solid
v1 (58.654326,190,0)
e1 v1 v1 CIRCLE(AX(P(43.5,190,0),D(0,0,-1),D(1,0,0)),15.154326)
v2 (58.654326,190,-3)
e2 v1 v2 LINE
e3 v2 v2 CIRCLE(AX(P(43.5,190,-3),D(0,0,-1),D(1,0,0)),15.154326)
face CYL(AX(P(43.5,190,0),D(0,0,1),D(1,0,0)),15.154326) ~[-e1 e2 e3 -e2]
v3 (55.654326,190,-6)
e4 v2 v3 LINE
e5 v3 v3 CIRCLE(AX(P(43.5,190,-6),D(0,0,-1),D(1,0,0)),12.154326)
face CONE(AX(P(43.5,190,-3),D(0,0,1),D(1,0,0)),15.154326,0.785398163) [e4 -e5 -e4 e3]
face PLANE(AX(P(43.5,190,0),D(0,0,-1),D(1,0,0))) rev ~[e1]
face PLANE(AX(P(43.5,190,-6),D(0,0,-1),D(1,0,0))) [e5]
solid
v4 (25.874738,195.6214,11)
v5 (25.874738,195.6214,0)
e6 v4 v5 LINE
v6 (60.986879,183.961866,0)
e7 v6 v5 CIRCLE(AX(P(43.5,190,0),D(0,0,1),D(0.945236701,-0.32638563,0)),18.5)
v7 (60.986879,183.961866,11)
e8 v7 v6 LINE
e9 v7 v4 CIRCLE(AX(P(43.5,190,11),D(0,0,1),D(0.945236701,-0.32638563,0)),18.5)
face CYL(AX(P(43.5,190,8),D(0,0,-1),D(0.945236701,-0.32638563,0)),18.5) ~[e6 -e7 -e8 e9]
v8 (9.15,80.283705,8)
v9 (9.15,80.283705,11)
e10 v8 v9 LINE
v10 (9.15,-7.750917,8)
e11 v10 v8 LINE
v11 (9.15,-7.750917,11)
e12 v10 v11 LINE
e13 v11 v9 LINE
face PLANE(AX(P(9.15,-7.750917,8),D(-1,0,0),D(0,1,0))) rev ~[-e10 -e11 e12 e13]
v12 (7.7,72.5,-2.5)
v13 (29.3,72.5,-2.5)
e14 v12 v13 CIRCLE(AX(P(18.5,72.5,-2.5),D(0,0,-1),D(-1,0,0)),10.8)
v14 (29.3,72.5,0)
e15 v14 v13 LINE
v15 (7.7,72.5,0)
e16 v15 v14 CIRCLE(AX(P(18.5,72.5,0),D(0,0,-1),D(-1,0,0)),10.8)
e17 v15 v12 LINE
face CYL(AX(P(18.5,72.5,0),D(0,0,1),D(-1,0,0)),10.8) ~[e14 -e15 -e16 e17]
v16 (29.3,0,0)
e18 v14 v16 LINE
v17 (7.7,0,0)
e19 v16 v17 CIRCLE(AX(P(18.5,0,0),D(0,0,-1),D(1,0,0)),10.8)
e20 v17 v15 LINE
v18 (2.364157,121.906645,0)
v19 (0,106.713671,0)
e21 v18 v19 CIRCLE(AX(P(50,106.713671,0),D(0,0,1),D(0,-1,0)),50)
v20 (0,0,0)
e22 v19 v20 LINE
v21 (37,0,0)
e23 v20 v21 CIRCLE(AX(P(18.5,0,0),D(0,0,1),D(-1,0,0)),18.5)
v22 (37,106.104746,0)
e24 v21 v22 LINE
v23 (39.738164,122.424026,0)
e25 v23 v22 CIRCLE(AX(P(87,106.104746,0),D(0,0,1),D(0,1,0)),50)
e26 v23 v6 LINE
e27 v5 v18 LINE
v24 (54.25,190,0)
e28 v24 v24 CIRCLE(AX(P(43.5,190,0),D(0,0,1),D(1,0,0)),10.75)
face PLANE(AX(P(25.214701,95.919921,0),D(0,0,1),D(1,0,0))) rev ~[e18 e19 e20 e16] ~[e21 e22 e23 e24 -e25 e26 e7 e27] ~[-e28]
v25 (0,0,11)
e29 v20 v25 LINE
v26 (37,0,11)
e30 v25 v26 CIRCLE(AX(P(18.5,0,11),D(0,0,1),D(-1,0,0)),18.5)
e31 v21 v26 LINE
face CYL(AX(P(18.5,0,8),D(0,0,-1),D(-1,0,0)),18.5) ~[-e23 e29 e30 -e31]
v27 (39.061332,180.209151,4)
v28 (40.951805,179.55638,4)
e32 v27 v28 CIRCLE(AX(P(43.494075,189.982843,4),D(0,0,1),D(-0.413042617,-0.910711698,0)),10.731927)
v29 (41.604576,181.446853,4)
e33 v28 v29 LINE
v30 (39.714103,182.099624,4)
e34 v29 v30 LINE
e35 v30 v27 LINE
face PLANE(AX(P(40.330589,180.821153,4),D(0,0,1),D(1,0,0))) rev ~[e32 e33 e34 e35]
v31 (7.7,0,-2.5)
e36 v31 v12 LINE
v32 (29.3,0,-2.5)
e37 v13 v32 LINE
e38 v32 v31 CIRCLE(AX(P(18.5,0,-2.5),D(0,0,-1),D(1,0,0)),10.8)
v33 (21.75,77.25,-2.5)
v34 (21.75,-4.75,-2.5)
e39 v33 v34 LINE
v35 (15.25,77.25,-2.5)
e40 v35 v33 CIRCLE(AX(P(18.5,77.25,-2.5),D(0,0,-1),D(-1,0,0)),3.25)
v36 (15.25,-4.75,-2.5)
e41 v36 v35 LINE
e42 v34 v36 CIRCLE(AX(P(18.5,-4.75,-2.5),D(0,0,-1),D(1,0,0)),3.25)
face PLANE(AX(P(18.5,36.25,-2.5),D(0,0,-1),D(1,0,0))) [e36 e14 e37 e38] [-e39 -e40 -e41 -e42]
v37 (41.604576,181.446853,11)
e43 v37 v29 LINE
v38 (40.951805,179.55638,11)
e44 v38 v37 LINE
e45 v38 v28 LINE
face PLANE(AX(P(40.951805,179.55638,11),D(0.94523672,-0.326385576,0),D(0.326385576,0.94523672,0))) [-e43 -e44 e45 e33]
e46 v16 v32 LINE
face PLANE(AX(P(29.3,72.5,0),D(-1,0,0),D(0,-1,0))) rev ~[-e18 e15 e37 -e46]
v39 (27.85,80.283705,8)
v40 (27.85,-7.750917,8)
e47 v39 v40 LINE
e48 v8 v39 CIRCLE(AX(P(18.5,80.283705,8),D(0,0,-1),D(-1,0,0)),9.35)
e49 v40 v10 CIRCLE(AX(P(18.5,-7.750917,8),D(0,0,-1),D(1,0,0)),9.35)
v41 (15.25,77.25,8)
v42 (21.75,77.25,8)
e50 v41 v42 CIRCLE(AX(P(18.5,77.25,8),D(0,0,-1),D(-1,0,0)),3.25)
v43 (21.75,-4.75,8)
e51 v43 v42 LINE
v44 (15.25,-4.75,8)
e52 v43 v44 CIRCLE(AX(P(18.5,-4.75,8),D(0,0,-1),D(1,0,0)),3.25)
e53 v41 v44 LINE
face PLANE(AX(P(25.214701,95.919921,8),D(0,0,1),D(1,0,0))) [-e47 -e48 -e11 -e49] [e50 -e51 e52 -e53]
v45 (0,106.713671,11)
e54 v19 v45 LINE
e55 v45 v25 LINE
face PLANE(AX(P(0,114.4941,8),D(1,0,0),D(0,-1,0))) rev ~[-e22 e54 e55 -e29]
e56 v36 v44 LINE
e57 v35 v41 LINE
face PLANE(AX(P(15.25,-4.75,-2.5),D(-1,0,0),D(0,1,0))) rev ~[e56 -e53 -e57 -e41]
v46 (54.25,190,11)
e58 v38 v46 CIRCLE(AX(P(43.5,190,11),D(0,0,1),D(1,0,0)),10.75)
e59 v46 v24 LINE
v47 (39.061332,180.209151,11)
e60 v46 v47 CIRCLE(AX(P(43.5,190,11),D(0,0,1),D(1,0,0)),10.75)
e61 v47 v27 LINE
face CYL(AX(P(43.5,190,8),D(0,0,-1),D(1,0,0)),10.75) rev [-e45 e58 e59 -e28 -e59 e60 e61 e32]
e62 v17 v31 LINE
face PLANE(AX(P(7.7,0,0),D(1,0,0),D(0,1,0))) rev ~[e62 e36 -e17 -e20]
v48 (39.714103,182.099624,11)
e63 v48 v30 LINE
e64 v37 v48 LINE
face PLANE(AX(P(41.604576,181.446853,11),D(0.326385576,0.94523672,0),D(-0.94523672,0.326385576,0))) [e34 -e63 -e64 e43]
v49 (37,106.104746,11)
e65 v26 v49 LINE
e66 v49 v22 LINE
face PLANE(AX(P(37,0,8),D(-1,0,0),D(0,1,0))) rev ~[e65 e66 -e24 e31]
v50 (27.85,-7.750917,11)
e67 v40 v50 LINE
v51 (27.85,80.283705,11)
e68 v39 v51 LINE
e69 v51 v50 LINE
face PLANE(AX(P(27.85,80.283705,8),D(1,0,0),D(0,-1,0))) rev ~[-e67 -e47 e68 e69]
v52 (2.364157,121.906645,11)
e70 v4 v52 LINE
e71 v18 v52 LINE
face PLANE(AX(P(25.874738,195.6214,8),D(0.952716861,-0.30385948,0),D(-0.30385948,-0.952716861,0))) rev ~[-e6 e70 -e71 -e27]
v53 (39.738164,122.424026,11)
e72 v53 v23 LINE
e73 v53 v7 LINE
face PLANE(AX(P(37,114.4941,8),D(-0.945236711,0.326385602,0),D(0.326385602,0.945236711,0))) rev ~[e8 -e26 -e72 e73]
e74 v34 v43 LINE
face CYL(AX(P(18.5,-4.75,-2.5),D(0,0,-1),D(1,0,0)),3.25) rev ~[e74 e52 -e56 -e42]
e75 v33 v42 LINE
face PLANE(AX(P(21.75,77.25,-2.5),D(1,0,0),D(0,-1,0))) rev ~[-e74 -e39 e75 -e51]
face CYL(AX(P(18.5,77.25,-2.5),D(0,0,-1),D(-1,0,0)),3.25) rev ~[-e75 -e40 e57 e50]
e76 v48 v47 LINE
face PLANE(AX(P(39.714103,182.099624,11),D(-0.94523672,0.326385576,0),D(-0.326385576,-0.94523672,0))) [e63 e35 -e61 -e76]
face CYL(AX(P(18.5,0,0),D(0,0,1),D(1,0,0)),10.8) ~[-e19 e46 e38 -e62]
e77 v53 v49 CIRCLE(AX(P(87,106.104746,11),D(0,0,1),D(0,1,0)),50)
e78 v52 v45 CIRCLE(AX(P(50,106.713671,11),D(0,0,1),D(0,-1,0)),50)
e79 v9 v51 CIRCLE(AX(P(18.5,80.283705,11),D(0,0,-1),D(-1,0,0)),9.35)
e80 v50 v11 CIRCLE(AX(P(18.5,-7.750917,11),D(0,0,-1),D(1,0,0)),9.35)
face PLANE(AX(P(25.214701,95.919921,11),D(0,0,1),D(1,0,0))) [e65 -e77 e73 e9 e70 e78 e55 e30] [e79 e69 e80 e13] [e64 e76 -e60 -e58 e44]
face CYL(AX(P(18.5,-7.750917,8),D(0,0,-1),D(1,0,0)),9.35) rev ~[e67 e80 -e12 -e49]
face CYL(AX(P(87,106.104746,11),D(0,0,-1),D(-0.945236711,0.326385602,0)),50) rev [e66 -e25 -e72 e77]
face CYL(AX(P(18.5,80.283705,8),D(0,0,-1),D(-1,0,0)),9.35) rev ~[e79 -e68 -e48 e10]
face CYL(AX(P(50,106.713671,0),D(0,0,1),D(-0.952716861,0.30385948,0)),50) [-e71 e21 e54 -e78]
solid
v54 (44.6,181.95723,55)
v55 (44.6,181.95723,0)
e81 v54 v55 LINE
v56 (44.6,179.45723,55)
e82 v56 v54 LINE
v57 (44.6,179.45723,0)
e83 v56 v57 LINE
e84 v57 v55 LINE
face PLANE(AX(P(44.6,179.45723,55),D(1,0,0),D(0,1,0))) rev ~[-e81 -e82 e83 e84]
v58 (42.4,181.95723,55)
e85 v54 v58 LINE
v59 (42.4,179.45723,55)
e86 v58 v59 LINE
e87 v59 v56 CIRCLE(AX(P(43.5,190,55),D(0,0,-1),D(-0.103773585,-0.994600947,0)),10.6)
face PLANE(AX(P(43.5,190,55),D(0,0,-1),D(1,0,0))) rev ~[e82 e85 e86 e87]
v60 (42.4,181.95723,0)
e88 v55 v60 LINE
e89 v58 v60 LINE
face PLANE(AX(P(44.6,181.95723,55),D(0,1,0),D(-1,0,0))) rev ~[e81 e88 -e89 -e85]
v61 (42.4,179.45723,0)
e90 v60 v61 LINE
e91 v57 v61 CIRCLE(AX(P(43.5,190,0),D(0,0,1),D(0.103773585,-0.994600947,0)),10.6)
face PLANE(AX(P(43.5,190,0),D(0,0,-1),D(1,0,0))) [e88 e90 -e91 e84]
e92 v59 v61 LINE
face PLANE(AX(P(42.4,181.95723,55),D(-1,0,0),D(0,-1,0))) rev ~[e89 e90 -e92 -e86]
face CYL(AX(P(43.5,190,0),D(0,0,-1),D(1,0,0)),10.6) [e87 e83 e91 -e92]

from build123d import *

# Parameters (mm, degrees)
F0_R      = 10.75
F1_DEPTH  = 8
F3_DEPTH  = 2.5
F5_DEPTH  = 25
F6_R      = 10.75
F7_DEPTH  = 3
F9_DEPTH  = 7
F10_R     = 50
F11_R     = 10.6
F12_DEPTH = 55
F13_R     = 15.154326
F14_DEPTH = 6
F15_SIZE  = 3
F17_DEPTH = 55


with BuildPart() as f1:
    # F0 (on Top) → F1 (new body)
    with BuildSketch(Plane.XY):
        with BuildLine():
            Line((0, 114.4941), (0, 0))
            ThreePointArc((0, 0), (18.5, -18.5), (37, 0))
            Line((37, 0), (37, 114.4941))
            Line((37, 114.4941), (60.986879, 183.961866))
            ThreePointArc((60.986879, 183.961866), (49.330178, 207.557307), (25.874738, 195.6214))
            Line((25.874738, 195.6214), (0, 114.4941))
        make_face()
        with Locations((43.5, 190)):
            Circle(F0_R, mode=Mode.SUBTRACT)
    extrude(amount=F1_DEPTH)

    # F2 (on face) → F3 (join)
    with BuildSketch(Plane(origin=(0, 0, 0), x_dir=(1, 0, 0), z_dir=(0, 0, -1))):
        with BuildLine():
            ThreePointArc((29.3, 0), (18.5, 10.8), (7.7, 0))
            Line((7.7, 0), (7.7, -72.5))
            ThreePointArc((7.7, -72.5), (18.5, -83.3), (29.3, -72.5))
            Line((29.3, -72.5), (29.3, 0))
        make_face()
    extrude(amount=F3_DEPTH)

    # F4 (on face) → F5 (cut)
    with BuildSketch(Plane(origin=(0, 0, -2.5), x_dir=(1, 0, 0), z_dir=(0, 0, -1))):
        with BuildLine():
            ThreePointArc((21.75, 4.75), (18.5, 8), (15.25, 4.75))
            Line((15.25, 4.75), (15.25, -77.25))
            ThreePointArc((15.25, -77.25), (18.5, -80.5), (21.75, -77.25))
            Line((21.75, -77.25), (21.75, 4.75))
        make_face()
    extrude(amount=-F5_DEPTH, mode=Mode.SUBTRACT)

    # F6 (on face) → F7 (join)
    with BuildSketch(Plane.XY.offset(8)):
        with BuildLine():
            Line((25.874738, 195.6214), (0, 114.4941))
            Line((0, 114.4941), (0, 0))
            ThreePointArc((0, 0), (18.5, -18.5), (37, 0))
            Line((37, 0), (37, 114.4941))
            Line((37, 114.4941), (60.986879, 183.961866))
            ThreePointArc((60.986879, 183.961866), (49.330178, 207.557307), (25.874738, 195.6214))
        make_face()
        with BuildLine():
            Line((9.15, -7.750917), (9.15, 80.283705))
            ThreePointArc((9.15, 80.283705), (18.5, 89.633705), (27.85, 80.283705))
            Line((27.85, 80.283705), (27.85, -7.750917))
            ThreePointArc((27.85, -7.750917), (18.5, -17.100917), (9.15, -7.750917))
        make_face(mode=Mode.SUBTRACT)
        with Locations((43.5, 190)):
            Circle(F6_R, mode=Mode.SUBTRACT)
    extrude(amount=F7_DEPTH)

    # F8 (on face) → F9 (join)
    with BuildSketch(Plane.XY.offset(11)):
        with BuildLine():
            Line((39.714103, 182.099624), (39.061332, 180.209151))
            ThreePointArc((39.061332, 180.209151), (39.991329, 179.838631), (40.951805, 179.55638))
            Line((40.951805, 179.55638), (41.604576, 181.446853))
            Line((41.604576, 181.446853), (39.714103, 182.099624))
        make_face()
    extrude(amount=-F9_DEPTH)

    # F10
    f10_edges = [f1.edges().sort_by_distance(p)[0] for p in [
        (0, 114.4941, 5.5),
        (37, 114.4941, 5.5),
    ]]
    fillet(f10_edges, radius=F10_R)


with BuildPart() as f12:
    # F11 (on face) → F12 (new body)
    with BuildSketch(Plane(origin=(0, 0, 0), x_dir=(1, 0, 0), z_dir=(0, 0, -1))):
        with Locations((43.5, -190)):
            Circle(F11_R)
    extrude(amount=-F12_DEPTH)

    # F16 (on face) → F17 (cut)
    with BuildSketch(Plane.XY.offset(55)):
        with BuildLine():
            Line((44.6, 181.95723), (42.4, 181.95723))
            Line((42.4, 181.95723), (42.4, 179.45723))
            ThreePointArc((42.4, 179.45723), (43.5, 179.4), (44.6, 179.45723))
            Line((44.6, 179.45723), (44.6, 181.95723))
        make_face()
    extrude(amount=-F17_DEPTH, mode=Mode.SUBTRACT)


with BuildPart() as f14:
    # F13 (on face) → F14 (new body)
    with BuildSketch(Plane(origin=(0, 0, 0), x_dir=(1, 0, 0), z_dir=(0, 0, -1))):
        with Locations((43.5, -190)):
            Circle(F13_R)
    extrude(amount=F14_DEPTH)

    # F15
    f15_edges = [f14.edges().sort_by_distance(p)[0] for p in [
        (28.345674, 190, -6),
    ]]
    chamfer(f15_edges, length=F15_SIZE)


solid = Compound([f1.part, f12.part, f14.part])
